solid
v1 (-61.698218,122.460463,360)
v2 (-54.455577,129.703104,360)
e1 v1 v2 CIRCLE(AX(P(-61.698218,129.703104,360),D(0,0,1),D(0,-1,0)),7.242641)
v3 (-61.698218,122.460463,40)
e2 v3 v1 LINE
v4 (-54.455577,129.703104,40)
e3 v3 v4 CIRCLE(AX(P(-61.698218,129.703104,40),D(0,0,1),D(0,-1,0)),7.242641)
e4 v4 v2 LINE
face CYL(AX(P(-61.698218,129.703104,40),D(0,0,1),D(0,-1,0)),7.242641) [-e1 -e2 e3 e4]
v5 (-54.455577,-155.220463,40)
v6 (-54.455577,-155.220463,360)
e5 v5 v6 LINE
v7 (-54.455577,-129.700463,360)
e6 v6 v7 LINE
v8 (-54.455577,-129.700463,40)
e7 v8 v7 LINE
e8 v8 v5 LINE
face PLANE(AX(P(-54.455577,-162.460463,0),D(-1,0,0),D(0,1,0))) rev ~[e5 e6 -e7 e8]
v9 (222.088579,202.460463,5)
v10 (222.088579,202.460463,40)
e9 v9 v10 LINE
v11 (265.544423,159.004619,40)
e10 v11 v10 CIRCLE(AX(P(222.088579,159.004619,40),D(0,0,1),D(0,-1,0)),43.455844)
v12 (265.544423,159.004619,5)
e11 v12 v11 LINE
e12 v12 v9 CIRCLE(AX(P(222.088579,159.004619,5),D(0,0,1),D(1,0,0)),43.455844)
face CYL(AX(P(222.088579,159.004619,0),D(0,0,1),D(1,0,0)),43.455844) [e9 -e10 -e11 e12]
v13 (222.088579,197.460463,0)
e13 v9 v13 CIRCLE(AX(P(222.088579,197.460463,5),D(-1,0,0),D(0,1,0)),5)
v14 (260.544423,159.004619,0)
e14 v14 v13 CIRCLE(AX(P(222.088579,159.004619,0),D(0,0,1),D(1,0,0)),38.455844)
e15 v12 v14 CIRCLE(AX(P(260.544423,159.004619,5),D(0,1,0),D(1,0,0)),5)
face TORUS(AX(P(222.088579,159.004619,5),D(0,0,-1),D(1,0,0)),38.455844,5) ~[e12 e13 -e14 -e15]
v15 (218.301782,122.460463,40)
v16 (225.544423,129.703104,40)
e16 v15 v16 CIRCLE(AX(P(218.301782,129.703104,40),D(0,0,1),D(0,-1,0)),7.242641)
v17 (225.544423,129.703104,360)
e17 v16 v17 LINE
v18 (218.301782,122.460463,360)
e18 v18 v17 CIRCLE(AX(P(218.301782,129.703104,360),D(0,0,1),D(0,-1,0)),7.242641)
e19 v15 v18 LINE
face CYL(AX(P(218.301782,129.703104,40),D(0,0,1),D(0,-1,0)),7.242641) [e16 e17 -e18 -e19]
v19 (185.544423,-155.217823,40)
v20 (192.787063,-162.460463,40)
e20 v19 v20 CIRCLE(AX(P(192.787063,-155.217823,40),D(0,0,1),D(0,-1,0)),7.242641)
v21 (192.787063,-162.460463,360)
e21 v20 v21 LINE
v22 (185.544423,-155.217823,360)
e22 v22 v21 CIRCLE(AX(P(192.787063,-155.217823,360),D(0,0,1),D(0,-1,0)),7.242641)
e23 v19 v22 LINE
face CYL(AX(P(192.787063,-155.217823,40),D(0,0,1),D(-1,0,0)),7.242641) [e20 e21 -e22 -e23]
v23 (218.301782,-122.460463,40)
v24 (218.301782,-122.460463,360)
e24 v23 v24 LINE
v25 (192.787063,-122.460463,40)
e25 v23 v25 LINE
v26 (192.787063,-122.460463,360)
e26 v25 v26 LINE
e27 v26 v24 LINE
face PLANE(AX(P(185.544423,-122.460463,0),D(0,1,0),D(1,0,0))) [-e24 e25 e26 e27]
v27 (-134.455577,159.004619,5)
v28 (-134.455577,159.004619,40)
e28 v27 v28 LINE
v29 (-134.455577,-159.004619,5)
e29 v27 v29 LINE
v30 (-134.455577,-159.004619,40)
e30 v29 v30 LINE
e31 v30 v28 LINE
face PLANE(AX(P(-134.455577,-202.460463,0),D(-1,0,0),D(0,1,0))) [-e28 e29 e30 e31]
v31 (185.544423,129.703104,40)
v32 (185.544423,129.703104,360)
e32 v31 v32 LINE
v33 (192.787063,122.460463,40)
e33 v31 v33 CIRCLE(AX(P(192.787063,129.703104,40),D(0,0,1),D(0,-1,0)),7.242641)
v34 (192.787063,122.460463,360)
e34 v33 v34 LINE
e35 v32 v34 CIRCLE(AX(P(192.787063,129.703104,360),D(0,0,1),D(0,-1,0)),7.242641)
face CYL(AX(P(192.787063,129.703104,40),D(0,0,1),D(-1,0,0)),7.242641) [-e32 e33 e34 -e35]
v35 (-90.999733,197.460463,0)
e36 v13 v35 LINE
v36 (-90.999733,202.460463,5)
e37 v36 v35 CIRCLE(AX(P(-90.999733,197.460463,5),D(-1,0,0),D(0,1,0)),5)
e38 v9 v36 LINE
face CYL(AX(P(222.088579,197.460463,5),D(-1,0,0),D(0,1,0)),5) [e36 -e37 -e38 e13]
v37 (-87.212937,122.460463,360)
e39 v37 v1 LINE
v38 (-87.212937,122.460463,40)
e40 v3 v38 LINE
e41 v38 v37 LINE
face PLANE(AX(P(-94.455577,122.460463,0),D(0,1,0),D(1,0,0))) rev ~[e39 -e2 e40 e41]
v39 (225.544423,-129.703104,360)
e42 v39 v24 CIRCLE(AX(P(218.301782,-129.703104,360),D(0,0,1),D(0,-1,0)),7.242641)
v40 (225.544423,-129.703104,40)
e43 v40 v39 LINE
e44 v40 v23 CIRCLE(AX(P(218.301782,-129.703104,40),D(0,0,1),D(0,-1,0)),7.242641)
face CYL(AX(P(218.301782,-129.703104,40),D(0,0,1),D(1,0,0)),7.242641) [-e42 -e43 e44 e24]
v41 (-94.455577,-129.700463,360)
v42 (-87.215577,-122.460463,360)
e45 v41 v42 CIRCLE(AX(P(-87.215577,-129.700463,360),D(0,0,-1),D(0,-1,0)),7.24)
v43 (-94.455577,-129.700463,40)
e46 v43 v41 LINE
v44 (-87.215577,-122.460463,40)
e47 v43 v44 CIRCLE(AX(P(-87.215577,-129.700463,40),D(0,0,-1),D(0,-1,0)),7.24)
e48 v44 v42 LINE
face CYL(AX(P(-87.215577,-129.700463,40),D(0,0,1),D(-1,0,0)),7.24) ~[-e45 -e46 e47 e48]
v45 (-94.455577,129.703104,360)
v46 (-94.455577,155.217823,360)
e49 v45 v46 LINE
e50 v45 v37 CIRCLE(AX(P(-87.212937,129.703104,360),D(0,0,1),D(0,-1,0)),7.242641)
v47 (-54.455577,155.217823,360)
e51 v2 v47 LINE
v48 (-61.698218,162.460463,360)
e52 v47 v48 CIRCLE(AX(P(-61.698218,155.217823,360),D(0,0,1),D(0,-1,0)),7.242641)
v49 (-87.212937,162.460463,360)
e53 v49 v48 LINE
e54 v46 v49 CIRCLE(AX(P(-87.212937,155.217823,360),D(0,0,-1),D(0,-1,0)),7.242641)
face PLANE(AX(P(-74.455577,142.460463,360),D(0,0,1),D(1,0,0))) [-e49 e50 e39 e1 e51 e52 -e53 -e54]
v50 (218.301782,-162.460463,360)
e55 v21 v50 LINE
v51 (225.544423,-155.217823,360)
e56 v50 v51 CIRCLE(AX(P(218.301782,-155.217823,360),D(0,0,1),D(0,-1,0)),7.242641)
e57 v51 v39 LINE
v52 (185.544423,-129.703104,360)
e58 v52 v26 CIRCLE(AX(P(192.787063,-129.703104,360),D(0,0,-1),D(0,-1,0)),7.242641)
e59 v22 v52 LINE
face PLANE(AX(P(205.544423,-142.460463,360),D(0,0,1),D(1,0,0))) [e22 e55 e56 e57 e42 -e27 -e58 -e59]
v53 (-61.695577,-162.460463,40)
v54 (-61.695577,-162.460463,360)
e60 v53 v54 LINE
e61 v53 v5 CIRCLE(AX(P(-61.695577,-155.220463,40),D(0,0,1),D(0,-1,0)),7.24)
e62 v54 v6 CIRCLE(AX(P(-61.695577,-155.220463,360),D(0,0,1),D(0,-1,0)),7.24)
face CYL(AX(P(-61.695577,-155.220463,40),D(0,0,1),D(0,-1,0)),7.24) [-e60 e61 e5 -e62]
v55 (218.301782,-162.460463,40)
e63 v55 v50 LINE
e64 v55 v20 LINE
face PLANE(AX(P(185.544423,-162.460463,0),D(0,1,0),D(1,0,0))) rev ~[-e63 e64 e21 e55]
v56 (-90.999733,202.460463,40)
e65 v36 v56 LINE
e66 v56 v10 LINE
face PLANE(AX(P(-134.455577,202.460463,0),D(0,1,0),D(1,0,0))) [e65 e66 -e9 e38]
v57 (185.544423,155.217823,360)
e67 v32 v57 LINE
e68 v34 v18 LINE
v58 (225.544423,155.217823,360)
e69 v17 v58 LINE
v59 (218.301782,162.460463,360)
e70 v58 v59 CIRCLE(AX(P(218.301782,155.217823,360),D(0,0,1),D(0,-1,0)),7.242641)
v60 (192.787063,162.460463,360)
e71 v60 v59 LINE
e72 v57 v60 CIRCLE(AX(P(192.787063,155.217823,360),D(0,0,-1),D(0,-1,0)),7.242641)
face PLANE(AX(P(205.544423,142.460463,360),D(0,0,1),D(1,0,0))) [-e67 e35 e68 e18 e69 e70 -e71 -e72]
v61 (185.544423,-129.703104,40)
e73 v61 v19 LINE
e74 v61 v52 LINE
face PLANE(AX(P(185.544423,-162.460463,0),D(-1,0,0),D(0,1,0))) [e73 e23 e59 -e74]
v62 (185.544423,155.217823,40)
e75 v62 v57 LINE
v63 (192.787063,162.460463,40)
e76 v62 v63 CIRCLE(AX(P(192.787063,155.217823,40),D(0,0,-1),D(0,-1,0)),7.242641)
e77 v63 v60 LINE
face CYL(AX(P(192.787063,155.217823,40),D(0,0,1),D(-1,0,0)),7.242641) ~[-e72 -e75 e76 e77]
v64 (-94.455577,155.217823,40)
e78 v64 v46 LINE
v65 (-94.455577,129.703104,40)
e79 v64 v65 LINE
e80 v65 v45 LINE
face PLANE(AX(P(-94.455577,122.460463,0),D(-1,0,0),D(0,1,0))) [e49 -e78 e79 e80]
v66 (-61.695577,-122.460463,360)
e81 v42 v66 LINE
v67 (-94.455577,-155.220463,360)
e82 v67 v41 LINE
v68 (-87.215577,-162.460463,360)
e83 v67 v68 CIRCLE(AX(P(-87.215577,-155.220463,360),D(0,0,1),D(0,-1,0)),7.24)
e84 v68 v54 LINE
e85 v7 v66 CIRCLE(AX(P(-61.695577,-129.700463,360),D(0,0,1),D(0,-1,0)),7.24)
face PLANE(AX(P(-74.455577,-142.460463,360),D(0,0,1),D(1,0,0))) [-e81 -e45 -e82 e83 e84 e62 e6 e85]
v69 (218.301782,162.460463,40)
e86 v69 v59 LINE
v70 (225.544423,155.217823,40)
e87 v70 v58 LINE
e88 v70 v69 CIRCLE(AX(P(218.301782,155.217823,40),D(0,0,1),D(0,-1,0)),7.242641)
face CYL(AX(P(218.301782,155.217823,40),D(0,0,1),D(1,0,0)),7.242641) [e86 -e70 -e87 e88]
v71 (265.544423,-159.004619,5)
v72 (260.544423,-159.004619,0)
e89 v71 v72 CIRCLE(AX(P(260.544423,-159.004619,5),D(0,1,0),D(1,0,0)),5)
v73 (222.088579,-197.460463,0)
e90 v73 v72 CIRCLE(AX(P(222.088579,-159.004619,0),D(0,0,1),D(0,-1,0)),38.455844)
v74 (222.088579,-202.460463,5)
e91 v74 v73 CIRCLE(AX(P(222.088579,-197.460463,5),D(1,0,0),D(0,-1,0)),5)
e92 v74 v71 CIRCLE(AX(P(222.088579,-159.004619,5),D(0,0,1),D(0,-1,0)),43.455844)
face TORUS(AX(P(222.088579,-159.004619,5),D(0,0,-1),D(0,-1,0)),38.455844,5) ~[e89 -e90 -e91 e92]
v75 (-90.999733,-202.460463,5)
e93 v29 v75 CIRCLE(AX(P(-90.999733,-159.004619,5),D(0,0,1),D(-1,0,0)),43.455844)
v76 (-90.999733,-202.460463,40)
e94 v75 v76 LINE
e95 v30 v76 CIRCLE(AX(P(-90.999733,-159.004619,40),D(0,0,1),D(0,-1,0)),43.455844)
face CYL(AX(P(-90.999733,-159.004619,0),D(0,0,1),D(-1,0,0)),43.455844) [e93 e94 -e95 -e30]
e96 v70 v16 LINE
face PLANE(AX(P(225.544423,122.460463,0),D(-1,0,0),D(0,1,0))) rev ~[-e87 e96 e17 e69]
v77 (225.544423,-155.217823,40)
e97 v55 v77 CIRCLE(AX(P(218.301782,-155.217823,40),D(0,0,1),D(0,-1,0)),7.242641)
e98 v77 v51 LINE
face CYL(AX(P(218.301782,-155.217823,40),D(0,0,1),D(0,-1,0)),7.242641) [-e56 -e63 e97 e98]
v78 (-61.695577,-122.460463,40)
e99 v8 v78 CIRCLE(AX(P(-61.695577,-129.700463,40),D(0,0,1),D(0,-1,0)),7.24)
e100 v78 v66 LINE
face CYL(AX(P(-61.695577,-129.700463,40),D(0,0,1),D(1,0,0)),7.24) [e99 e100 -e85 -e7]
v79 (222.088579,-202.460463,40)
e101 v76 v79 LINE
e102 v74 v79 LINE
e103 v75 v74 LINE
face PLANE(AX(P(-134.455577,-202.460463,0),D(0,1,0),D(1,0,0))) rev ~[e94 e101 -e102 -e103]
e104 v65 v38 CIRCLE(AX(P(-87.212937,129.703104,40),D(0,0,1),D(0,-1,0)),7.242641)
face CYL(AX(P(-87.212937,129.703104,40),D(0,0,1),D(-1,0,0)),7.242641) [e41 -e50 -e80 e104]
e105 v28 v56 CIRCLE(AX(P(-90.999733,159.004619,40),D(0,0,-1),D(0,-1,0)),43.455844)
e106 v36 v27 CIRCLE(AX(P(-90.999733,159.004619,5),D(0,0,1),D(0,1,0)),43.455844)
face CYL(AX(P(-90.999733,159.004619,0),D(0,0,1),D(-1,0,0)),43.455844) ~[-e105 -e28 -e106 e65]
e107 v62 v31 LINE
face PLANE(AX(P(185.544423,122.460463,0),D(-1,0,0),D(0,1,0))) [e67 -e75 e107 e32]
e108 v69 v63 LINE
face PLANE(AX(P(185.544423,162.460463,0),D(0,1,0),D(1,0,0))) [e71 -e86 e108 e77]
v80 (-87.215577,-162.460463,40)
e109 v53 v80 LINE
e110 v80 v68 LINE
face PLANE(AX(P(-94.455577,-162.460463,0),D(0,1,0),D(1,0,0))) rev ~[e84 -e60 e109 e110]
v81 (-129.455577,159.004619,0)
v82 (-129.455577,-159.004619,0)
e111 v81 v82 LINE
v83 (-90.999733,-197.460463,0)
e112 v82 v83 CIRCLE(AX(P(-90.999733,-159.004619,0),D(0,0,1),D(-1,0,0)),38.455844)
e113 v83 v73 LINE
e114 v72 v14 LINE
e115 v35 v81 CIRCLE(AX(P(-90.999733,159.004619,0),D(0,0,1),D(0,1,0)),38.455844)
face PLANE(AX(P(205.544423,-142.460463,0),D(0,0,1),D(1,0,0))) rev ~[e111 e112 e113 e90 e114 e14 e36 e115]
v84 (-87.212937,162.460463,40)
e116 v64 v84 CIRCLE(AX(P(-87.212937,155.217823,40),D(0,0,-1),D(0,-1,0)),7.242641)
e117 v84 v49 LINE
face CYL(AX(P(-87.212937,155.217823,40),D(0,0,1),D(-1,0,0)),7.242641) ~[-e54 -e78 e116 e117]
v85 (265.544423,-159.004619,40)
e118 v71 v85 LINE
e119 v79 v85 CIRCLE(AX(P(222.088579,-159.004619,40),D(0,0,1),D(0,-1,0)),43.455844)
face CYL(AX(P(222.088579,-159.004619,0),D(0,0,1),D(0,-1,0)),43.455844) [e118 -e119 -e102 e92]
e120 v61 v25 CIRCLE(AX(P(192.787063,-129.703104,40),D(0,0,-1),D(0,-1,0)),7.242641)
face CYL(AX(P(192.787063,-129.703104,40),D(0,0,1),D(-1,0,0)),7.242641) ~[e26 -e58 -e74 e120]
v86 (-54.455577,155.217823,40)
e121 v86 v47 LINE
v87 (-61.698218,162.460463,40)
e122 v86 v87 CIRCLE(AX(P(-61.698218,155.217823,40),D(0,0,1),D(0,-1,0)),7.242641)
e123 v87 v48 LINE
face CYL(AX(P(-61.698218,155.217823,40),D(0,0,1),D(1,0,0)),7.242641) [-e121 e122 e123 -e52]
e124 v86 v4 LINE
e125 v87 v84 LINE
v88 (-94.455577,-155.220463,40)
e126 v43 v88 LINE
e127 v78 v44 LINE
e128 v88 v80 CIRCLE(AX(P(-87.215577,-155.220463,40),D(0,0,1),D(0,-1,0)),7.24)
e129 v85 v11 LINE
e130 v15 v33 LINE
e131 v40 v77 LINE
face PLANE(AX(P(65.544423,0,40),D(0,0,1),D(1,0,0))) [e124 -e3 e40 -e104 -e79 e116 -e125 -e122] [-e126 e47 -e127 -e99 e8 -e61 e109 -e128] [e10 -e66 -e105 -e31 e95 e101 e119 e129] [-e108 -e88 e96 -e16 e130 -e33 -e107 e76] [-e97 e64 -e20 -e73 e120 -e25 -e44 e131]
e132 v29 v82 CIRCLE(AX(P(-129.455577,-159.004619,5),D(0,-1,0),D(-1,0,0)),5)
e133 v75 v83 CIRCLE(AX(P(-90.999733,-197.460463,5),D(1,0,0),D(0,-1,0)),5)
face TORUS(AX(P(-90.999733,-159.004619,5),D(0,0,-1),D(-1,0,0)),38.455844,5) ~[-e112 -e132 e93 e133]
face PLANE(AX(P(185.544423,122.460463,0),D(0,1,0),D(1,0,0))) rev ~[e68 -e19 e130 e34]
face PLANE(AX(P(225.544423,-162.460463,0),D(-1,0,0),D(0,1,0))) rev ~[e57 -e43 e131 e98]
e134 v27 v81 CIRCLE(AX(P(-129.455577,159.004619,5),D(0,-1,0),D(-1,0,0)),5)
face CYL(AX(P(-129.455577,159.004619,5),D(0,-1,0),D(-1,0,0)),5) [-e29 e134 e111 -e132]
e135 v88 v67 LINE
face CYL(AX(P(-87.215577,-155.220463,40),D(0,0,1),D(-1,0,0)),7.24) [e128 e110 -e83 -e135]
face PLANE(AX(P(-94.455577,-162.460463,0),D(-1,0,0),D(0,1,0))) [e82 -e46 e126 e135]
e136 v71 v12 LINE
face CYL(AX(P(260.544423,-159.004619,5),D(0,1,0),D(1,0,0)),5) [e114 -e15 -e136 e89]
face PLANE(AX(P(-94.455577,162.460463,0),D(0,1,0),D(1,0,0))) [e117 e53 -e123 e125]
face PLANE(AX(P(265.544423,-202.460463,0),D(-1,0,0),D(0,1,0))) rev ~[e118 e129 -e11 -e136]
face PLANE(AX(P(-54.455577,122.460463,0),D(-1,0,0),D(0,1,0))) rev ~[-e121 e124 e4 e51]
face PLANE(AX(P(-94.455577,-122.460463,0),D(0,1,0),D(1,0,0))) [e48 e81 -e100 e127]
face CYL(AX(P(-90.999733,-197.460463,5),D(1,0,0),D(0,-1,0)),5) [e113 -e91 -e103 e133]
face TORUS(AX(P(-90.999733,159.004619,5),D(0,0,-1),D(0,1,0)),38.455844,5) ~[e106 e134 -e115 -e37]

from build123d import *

# Parameters (mm, degrees)
F0_W     = 400
F0_H     = 404.9209267448
F1_DEPTH = 40
F2_R     = 43.4558441227
F3_W     = 40
F3_H     = 40
F4_DEPTH = 360
F5_R     = 7.24
F6_W     = 40
F6_H     = 40
F7_DEPTH = 360
F8_R     = 7.2426406871
F9_R     = 5


with BuildPart() as f1:
    # F0 (on Top) → F1 (new body)
    with BuildSketch(Plane.XY):
        with Locations((65.5444227159, 0)):
            Rectangle(F0_W, F0_H)
    extrude(amount=F1_DEPTH)

    # F2
    f2_edges = [f1.edges().sort_by_distance(p)[0] for p in [
        (-134.455577, -202.460463, 20),
        (-134.455577, 202.460463, 20),
        (265.544423, 202.460463, 20),
        (265.544423, -202.460463, 20),
    ]]
    fillet(f2_edges, radius=F2_R)

    # F3 (on Top) → F4 (join)
    with BuildSketch(Plane.XY):
        with Locations((-74.4555772841, -142.4604633724)):
            Rectangle(F3_W, F3_H)
    extrude(amount=F4_DEPTH)

    # F5
    f5_edges = [f1.edges().sort_by_distance(p)[0] for p in [
        (-54.455577, -162.460463, 200),
        (-54.455577, -122.460463, 200),
        (-94.455577, -122.460463, 200),
        (-94.455577, -162.460463, 200),
    ]]
    fillet(f5_edges, radius=F5_R)

    # F6 (on Top) → F7 (join)
    with BuildSketch(Plane.XY):
        with Locations((205.5444227159, -142.4604633724)):
            Rectangle(F6_W, F6_H)
        with Locations((205.5444227159, 142.4604633724)):
            Rectangle(F6_W, F6_H)
        with Locations((-74.4555772841, 142.4604633724)):
            Rectangle(F6_W, F6_H)
    extrude(amount=F7_DEPTH)

    # F8
    f8_edges = [f1.edges().sort_by_distance(p)[0] for p in [
        (-54.455577, 162.460463, 200),
        (-94.455577, 162.460463, 200),
        (-94.455577, 122.460463, 200),
        (-54.455577, 122.460463, 200),
        (225.544423, 122.460463, 200),
        (225.544423, 162.460463, 200),
        (185.544423, 122.460463, 200),
        (185.544423, 162.460463, 200),
        (225.544423, -162.460463, 200),
        (225.544423, -122.460463, 200),
        (185.544423, -162.460463, 200),
        (185.544423, -122.460463, 200),
    ]]
    fillet(f8_edges, radius=F8_R)

    # F9
    f9_edges = [f1.edges().sort_by_distance(p)[0] for p in [
        (265.544423, 0, 0),
        (252.816501, 189.732541, 0),
        (65.544423, 202.460463, 0),
        (-121.727655, 189.732541, 0),
        (-134.455577, 0, 0),
        (-121.727655, -189.732541, 0),
        (65.544423, -202.460463, 0),
        (252.816501, -189.732541, 0),
    ]]
    fillet(f9_edges, radius=F9_R)


solid = f1.part
